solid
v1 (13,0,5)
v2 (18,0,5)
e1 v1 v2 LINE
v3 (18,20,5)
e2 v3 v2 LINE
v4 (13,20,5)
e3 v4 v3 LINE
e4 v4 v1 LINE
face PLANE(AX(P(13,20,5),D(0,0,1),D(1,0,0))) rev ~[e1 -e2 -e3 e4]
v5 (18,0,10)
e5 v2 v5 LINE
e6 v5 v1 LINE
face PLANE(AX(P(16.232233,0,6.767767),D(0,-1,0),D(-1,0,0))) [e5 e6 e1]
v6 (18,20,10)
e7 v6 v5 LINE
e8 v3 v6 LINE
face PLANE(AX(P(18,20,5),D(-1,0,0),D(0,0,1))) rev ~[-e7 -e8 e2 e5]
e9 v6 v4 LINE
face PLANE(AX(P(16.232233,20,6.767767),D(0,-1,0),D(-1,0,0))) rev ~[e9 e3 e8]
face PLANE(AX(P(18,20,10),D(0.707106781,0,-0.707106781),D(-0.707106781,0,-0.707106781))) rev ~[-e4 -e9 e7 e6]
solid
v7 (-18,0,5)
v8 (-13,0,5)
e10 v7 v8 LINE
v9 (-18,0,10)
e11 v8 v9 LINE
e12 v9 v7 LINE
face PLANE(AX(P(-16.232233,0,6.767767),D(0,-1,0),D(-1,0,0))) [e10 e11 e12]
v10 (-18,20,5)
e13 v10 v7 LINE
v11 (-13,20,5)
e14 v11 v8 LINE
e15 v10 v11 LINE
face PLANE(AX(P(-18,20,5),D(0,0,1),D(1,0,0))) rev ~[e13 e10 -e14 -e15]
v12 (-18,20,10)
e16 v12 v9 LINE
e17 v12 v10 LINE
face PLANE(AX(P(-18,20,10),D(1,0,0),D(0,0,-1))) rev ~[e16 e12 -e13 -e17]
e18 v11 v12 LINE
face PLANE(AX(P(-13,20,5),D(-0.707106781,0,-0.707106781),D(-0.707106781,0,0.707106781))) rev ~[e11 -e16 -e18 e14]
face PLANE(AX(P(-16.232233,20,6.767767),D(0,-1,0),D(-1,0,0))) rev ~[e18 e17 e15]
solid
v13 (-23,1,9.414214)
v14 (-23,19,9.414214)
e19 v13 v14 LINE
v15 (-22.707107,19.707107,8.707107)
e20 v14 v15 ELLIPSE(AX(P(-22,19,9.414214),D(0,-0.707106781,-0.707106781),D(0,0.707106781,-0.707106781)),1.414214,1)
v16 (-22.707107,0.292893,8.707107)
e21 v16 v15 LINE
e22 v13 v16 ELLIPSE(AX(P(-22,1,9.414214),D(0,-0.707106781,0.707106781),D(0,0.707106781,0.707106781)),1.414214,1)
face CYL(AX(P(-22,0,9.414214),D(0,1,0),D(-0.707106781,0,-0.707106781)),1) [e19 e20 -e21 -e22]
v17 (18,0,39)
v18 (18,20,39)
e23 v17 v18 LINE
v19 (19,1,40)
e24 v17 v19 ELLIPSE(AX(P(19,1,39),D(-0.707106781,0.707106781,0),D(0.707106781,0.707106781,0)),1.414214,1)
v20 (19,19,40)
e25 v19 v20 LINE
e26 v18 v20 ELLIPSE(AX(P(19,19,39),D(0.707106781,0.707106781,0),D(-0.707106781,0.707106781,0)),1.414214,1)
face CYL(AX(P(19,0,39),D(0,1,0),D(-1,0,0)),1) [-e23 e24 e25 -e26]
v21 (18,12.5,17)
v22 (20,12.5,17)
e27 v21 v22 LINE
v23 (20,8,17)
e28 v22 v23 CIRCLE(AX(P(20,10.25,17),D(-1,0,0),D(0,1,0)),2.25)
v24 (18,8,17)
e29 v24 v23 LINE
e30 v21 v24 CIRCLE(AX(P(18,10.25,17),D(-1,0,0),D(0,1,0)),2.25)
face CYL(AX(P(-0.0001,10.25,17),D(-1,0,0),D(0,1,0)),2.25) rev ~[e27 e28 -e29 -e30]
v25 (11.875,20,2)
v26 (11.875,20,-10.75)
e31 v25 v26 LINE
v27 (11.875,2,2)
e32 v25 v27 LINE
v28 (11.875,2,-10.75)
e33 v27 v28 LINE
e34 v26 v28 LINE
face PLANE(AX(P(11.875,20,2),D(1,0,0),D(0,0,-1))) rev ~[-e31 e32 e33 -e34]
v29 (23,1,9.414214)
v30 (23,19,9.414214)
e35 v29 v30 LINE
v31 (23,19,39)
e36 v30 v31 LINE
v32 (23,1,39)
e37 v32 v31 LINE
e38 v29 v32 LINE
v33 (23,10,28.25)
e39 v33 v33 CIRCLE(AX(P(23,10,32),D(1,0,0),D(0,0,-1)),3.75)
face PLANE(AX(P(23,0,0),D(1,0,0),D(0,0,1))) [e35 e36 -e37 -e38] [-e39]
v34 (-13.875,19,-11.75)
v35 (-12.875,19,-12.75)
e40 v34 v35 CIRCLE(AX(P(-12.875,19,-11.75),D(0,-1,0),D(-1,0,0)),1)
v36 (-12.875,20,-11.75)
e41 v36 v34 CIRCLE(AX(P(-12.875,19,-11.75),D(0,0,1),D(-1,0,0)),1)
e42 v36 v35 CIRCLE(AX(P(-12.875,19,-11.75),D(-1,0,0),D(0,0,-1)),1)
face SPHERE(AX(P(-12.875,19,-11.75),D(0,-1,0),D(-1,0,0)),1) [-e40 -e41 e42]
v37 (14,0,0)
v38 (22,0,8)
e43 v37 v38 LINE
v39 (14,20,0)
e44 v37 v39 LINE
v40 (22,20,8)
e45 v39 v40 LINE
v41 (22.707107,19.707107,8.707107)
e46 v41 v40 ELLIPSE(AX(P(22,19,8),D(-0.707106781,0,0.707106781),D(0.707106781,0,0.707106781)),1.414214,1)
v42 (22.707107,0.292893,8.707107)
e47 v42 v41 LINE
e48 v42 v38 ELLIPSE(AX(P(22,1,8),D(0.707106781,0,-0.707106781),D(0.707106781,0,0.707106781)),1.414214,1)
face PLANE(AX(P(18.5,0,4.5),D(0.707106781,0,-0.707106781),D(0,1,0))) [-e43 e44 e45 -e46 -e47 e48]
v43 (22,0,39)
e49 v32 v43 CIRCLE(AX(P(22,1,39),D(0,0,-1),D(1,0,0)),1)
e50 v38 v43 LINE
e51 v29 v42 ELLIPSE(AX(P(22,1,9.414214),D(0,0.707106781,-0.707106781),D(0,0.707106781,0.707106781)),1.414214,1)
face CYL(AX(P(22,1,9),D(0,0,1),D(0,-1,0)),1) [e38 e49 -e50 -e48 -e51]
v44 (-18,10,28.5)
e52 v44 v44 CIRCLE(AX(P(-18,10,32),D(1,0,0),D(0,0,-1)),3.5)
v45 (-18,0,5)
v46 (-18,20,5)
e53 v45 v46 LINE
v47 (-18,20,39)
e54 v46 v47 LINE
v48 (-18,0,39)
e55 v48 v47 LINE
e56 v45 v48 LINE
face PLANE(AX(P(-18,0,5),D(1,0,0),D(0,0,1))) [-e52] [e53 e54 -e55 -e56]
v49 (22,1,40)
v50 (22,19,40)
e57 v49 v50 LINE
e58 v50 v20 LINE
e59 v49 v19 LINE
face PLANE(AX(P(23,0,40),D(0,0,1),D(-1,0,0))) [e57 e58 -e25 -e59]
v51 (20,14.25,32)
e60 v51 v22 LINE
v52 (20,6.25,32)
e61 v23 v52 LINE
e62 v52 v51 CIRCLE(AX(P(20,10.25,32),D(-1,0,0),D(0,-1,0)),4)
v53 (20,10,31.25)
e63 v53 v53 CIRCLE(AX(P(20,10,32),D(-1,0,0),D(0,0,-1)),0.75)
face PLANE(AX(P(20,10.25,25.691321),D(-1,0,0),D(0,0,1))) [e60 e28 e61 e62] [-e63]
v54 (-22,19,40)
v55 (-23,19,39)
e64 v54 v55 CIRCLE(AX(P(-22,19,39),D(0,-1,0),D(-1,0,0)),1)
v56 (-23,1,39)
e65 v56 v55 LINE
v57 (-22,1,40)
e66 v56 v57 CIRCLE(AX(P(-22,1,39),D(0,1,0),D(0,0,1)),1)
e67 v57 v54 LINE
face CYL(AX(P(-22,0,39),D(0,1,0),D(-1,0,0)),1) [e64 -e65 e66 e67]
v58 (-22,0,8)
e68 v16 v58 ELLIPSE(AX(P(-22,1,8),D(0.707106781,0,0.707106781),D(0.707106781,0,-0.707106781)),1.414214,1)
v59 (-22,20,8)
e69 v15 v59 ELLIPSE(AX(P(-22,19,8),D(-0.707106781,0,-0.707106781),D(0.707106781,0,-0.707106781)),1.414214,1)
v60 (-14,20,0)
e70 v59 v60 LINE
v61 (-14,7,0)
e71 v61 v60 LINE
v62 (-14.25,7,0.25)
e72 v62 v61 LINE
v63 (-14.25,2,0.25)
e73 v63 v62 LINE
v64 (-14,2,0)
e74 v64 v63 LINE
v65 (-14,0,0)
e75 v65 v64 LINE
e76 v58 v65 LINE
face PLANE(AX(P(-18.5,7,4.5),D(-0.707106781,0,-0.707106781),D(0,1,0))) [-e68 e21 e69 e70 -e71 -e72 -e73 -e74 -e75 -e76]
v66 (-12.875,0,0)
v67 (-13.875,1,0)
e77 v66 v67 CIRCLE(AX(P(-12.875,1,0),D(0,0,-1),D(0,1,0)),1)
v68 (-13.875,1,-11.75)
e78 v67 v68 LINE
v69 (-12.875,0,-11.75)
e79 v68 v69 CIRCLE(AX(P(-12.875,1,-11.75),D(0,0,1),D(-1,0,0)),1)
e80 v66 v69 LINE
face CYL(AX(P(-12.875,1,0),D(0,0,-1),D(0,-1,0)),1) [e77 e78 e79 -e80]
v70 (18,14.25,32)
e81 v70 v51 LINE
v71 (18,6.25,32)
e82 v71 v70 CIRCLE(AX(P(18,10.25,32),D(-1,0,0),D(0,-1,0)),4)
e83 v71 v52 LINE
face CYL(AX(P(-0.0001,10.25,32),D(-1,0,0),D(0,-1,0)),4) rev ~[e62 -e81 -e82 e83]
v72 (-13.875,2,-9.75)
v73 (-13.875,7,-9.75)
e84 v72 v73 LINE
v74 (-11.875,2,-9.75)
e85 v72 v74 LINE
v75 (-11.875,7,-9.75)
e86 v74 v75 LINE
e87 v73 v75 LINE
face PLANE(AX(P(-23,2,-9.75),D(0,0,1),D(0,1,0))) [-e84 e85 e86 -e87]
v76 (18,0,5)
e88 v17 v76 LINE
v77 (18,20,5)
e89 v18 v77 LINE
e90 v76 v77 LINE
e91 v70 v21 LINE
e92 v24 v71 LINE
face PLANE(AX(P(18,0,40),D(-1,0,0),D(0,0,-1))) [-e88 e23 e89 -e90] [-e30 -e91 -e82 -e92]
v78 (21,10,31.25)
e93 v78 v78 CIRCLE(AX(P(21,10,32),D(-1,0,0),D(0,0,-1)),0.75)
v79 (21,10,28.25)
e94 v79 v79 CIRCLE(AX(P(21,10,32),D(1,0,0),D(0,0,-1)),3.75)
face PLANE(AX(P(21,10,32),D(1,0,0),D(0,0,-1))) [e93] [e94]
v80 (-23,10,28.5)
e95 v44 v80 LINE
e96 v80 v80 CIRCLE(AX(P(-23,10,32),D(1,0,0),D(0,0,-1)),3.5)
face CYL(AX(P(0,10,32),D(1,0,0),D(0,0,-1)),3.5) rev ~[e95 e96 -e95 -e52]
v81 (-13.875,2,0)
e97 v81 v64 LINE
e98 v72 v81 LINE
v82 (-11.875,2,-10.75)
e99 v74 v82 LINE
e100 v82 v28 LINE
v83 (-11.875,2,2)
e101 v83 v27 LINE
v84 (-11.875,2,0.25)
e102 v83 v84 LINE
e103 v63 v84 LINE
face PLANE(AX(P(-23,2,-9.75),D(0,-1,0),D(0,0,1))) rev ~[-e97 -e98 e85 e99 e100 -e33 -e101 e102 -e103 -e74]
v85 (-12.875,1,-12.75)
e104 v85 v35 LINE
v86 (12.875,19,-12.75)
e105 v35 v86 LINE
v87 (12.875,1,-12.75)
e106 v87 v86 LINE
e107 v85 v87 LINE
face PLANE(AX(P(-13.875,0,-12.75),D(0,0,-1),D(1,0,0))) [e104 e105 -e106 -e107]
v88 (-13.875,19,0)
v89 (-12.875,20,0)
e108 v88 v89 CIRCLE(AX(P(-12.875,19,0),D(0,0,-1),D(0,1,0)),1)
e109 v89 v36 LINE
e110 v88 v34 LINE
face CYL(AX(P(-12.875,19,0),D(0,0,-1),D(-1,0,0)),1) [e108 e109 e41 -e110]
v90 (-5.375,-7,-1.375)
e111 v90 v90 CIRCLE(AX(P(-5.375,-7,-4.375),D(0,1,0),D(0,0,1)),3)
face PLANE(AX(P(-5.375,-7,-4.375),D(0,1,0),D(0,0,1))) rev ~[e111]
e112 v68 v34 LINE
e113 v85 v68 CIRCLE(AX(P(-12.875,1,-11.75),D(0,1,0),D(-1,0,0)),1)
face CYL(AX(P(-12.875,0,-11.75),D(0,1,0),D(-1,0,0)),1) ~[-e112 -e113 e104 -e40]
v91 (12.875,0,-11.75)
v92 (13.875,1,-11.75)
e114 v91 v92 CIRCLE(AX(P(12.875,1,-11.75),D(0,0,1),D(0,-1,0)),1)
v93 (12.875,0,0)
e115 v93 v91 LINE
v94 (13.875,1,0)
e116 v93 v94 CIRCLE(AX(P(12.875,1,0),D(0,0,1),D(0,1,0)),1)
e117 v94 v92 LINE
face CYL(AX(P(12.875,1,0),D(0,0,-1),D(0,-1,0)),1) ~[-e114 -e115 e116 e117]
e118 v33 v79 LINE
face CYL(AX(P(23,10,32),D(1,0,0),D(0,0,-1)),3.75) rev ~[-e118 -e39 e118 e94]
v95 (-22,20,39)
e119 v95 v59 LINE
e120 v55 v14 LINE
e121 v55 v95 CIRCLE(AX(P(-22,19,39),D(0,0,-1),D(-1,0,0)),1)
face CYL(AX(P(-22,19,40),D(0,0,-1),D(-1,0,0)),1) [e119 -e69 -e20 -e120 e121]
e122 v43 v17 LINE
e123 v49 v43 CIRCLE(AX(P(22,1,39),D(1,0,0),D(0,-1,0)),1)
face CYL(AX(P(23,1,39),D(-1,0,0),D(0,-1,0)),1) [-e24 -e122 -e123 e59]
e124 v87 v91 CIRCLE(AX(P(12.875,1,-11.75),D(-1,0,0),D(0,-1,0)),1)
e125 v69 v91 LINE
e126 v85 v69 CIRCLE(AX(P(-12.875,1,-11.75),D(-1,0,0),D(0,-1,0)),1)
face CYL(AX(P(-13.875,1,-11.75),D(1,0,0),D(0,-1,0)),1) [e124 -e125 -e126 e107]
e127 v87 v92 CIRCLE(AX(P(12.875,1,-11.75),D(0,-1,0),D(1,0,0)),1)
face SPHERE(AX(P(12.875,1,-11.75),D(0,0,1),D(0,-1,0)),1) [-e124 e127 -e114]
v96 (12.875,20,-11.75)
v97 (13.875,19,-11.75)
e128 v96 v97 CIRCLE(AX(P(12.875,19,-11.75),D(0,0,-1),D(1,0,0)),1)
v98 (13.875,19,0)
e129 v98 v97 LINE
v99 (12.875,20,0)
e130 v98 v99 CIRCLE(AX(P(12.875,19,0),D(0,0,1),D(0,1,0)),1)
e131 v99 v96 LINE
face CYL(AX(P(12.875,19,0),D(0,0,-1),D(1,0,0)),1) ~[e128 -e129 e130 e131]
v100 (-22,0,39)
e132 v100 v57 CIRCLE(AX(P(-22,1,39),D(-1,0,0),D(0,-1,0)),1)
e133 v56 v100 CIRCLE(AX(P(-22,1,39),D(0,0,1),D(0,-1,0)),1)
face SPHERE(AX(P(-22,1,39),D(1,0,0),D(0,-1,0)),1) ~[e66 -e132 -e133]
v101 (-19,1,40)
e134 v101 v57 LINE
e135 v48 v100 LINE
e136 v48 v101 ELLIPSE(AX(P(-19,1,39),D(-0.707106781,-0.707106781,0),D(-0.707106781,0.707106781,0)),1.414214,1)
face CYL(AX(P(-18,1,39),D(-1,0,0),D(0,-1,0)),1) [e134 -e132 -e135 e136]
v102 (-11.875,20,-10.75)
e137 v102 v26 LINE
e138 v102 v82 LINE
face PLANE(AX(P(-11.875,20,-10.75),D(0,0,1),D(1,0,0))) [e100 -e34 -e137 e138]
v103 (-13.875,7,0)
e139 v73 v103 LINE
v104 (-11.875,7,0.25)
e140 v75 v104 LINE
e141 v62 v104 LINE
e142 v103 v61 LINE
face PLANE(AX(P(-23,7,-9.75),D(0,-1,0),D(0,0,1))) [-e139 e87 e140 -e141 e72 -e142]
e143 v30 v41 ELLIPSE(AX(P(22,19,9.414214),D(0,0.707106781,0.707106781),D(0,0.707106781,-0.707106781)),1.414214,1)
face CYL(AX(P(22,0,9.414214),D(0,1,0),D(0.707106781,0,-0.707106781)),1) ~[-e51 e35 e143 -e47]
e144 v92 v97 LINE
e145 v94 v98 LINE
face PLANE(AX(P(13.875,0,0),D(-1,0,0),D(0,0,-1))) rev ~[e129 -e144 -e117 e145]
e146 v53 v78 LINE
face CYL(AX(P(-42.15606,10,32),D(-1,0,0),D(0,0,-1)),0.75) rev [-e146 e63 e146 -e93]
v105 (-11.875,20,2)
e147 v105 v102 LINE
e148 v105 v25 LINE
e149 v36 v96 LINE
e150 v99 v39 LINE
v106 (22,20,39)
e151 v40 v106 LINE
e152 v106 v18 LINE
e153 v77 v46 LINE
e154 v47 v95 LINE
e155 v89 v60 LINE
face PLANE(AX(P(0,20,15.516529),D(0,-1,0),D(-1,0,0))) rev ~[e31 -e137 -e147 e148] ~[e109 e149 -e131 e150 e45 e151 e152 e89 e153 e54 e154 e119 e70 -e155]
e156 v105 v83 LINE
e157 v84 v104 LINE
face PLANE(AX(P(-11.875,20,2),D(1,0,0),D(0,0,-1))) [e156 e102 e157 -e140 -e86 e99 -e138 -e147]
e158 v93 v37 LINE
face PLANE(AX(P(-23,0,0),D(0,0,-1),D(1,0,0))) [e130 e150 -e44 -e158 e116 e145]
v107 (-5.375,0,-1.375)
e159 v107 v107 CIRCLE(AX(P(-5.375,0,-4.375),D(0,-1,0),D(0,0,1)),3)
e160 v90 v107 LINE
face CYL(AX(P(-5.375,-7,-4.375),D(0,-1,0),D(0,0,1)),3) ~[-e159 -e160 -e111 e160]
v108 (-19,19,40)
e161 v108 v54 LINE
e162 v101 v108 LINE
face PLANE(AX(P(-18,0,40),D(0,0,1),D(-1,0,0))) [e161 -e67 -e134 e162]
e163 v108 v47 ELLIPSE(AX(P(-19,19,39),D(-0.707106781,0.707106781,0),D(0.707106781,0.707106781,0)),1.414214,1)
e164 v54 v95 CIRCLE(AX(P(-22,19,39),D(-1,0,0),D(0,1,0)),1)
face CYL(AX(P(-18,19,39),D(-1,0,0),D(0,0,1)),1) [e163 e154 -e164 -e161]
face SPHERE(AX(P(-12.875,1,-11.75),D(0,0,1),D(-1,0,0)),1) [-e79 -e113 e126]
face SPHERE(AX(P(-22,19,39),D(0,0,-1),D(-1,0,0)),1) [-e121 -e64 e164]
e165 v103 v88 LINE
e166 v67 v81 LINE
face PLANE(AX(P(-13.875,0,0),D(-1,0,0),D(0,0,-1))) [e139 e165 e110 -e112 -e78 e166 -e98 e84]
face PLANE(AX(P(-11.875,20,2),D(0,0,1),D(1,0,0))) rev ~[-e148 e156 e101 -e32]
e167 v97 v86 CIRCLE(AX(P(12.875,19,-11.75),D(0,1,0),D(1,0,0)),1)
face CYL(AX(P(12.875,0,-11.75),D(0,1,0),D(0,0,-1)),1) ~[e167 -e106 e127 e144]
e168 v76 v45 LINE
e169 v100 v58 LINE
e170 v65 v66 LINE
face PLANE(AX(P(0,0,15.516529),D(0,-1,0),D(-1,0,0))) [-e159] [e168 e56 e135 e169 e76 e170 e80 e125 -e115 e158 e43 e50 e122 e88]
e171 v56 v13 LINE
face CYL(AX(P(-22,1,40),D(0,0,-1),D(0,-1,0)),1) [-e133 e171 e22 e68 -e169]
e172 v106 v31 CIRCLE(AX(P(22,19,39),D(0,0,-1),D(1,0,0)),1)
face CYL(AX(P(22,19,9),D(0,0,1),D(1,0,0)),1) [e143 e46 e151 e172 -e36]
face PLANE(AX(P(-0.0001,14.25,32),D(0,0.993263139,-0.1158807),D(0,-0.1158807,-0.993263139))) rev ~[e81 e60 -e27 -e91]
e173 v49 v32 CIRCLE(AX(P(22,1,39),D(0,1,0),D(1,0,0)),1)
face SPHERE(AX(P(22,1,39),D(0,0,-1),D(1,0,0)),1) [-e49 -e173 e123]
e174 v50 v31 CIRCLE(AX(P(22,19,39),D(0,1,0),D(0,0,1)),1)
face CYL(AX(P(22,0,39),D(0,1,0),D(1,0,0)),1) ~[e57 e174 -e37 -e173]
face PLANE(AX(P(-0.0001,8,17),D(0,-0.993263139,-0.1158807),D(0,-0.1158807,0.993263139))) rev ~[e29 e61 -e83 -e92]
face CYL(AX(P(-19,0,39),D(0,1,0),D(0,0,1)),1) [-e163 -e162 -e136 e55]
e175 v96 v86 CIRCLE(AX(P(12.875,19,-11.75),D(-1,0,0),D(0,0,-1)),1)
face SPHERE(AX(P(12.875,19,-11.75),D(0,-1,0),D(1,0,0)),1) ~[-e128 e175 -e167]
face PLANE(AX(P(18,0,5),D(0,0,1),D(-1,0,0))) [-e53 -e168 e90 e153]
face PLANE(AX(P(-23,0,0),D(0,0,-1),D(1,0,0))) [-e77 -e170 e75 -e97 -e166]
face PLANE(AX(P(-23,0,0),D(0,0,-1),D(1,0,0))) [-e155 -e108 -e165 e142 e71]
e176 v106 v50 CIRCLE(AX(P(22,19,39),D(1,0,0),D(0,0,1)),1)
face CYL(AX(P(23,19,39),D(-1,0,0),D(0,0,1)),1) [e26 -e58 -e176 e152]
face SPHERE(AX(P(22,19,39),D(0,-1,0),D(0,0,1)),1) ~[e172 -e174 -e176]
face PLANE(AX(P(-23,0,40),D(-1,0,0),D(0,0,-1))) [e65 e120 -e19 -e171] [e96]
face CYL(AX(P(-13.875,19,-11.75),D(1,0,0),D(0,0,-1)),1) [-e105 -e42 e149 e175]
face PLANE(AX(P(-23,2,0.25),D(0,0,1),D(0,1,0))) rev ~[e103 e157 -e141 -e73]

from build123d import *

# Parameters (mm, degrees)
BOSS_EXTRUDE1_DEPTH      = 20
SKETCH6_R                = 3.5
CUT_EXTRUDE1_DEPTH       = 51.289163843
CUT_EXTRUDE5_DEPTH       = 20
CUT_EXTRUDE5_DEPTH_BACK  = 0.0001
SKETCH9_W                = 27.75
SKETCH9_H                = 12.75
BOSS_EXTRUDE2_DEPTH      = 20
SKETCH10_W               = 23.75
SKETCH10_H               = 12.75
CUT_EXTRUDE7_DEPTH       = 18
BOSS_EXTRUDE3_DEPTH      = 0.001
BOSS_EXTRUDE3_DEPTH_BACK = 7
SKETCH11_R               = 3
CUT_EXTRUDE8_REACH       = 66.156
SKETCH14_W               = 10
SKETCH14_H               = 5
SKETCH15_R               = 3.75
CUT_EXTRUDE9_DEPTH       = 2
CUT_EXTRUDE10_DEPTH      = 65.156059729
CUT_EXTRUDE10_DEPTH_BACK = 65.156059729
SKETCH16_R               = 0.75
BOSS_EXTRUDE4_DEPTH      = 20
BOSS_EXTRUDE4_2_DEPTH    = 20
CHAMFER1_SIZE            = 9
FILLET3_R                = 1


with BuildPart() as part:
    # Sketch2 → Boss-Extrude1 (new body)
    with BuildSketch(Plane(origin=(0, 0, 0), x_dir=(1, 0, 0), z_dir=(0, 1, 0))):
        Polygon((-23, 0), (23, 0), (23, -40), (18, -40), (18, -5), (-18, -5), (-18, -40), (-23, -40), align=None)
    extrude(amount=BOSS_EXTRUDE1_DEPTH)

    # Sketch6 → Cut-Extrude1 (cut, through all)
    with BuildSketch(Plane(origin=(0, 0, 0), x_dir=(0, 0, -1), z_dir=(1, 0, 0))):
        with Locations((-32, 10)):
            Circle(SKETCH6_R)
    extrude(amount=-CUT_EXTRUDE1_DEPTH, mode=Mode.SUBTRACT)

    # Sketch7 → Cut-Extrude5 (cut, two sides: drawn at the far end of the back side and taken through both)
    with BuildSketch(Plane(origin=(0, 0, 0), x_dir=(0, 0, -1), z_dir=(1, 0, 0)).offset(-CUT_EXTRUDE5_DEPTH_BACK)):
        with BuildLine():
            Line((-32, 14.25), (-17, 12.5))
            ThreePointArc((-17, 12.5), (-14.75, 10.25), (-17, 8))
            Line((-17, 8), (-32, 6.25))
            ThreePointArc((-32, 6.25), (-36, 10.25), (-32, 14.25))
        make_face()
    extrude(amount=CUT_EXTRUDE5_DEPTH + CUT_EXTRUDE5_DEPTH_BACK, mode=Mode.SUBTRACT)

    # Sketch9 → Boss-Extrude2 (add)
    with BuildSketch(Plane(origin=(0, 0, 0), x_dir=(1, 0, 0), z_dir=(0, 1, 0))):
        with Locations((0, 6.375)):
            Rectangle(SKETCH9_W, SKETCH9_H)
    extrude(amount=BOSS_EXTRUDE2_DEPTH)

    # Sketch10 → Cut-Extrude7 (cut)
    with BuildSketch(Plane(origin=(0, 20, 0), x_dir=(1, 0, 0), z_dir=(0, 1, 0))):
        with Locations((0, 4.375)):
            Rectangle(SKETCH10_W, SKETCH10_H)
    extrude(amount=-CUT_EXTRUDE7_DEPTH, mode=Mode.SUBTRACT)

    # Sketch11 → Boss-Extrude3 (add, two sides: drawn at the far end of the back side and taken through both)
    with BuildSketch(Plane(origin=(0, 0, 0), x_dir=(1, 0, 0), z_dir=(0, 1, 0)).offset(-BOSS_EXTRUDE3_DEPTH_BACK)):
        with Locations(Location((-5.375, 4.375, 0), (0, 0, 270))):
            Circle(SKETCH11_R)
    extrude(amount=BOSS_EXTRUDE3_DEPTH + BOSS_EXTRUDE3_DEPTH_BACK)

    # Cut-Extrude8: up to this face of the body (flat: up to its plane)
    cut_extrude8_end = Plane(part.part.faces().sort_by_distance((-11.875, 11, -4.375))[0])
    # Sketch14 → Cut-Extrude8 (cut, up to the picked face)
    with BuildSketch(Plane.ZY.offset(23), mode=Mode.PRIVATE) as cut_extrude8_sk1:
        with Locations((-4.75, 4.5)):
            Rectangle(SKETCH14_W, SKETCH14_H)
    cut_extrude8_tool1 = split(extrude(cut_extrude8_sk1.sketch, amount=-CUT_EXTRUDE8_REACH, mode=Mode.PRIVATE), bisect_by=cut_extrude8_end, keep=Keep.BOTH, mode=Mode.PRIVATE)
    add(cut_extrude8_tool1.solids().sort_by(Axis((-23, 4.5, -4.75), (1, 0, 0)))[0], mode=Mode.SUBTRACT)

    # Sketch15 → Cut-Extrude9 (cut)
    with BuildSketch(Plane(origin=(23, 0, 0), x_dir=(0, 0, -1), z_dir=(1, 0, 0))):
        with Locations((-32, 10)):
            Circle(SKETCH15_R)
    extrude(amount=-CUT_EXTRUDE9_DEPTH, mode=Mode.SUBTRACT)

    # Sketch16 → Cut-Extrude10 (cut, two sides: drawn at the far end of the back side and taken through both)
    with BuildSketch(Plane(origin=(23, 0, 0), x_dir=(0, 0, -1), z_dir=(1, 0, 0)).offset(-CUT_EXTRUDE10_DEPTH_BACK)):
        with Locations((-32, 10)):
            Circle(SKETCH16_R)
    extrude(amount=CUT_EXTRUDE10_DEPTH + CUT_EXTRUDE10_DEPTH_BACK, mode=Mode.SUBTRACT)

    # Chamfer1
    chamfer1_edges = [part.edges().sort_by_distance(p)[0] for p in [
        (-23, 13.5, 0),
        (23, 10, 0),
    ]]
    chamfer(chamfer1_edges, length=CHAMFER1_SIZE)

    # Fillet3
    fillet3_edges = [part.edges().sort_by_distance(p)[0] for p in [
        (-20.5, 0, 40),
        (-23, 0, 24.5),
        (23, 10, 9),
        (23, 0, 24.5),
        (-23, 20, 24.5),
        (-23, 10, 9),
        (23, 10, 40),
        (18, 10, 40),
        (-18, 10, 40),
        (-23, 10, 40),
        (-20.5, 20, 40),
        (20.5, 20, 40),
        (-13.875, 0, -6.375),
        (23, 20, 24.5),
        (-13.875, 10, -12.75),
        (13.875, 0, -6.375),
        (0, 0, -12.75),
        (13.875, 10, -12.75),
        (-13.875, 20, -6.375),
        (13.875, 20, -6.375),
        (0, 20, -12.75),
        (20.5, 0, 40),
    ]]
    fillet(fillet3_edges, radius=FILLET3_R)


with BuildPart() as body_2:
    # Sketch18 → Boss-Extrude4 (new body)
    with BuildSketch(Plane(origin=(0, 20, 0), x_dir=(-1, 0, 0), z_dir=(0, -1, 0))):
        Polygon((18, -5), (13, -5), (18, -10), align=None)
    extrude(amount=BOSS_EXTRUDE4_DEPTH)


with BuildPart() as body_3:
    # Sketch18 → Boss-Extrude4 2 (new body)
    with BuildSketch(Plane(origin=(0, 20, 0), x_dir=(-1, 0, 0), z_dir=(0, -1, 0))):
        Polygon((-18, -5), (-18, -10), (-13, -5), align=None)
    extrude(amount=BOSS_EXTRUDE4_2_DEPTH)


solid = Compound([part.part, body_2.part, body_3.part])
